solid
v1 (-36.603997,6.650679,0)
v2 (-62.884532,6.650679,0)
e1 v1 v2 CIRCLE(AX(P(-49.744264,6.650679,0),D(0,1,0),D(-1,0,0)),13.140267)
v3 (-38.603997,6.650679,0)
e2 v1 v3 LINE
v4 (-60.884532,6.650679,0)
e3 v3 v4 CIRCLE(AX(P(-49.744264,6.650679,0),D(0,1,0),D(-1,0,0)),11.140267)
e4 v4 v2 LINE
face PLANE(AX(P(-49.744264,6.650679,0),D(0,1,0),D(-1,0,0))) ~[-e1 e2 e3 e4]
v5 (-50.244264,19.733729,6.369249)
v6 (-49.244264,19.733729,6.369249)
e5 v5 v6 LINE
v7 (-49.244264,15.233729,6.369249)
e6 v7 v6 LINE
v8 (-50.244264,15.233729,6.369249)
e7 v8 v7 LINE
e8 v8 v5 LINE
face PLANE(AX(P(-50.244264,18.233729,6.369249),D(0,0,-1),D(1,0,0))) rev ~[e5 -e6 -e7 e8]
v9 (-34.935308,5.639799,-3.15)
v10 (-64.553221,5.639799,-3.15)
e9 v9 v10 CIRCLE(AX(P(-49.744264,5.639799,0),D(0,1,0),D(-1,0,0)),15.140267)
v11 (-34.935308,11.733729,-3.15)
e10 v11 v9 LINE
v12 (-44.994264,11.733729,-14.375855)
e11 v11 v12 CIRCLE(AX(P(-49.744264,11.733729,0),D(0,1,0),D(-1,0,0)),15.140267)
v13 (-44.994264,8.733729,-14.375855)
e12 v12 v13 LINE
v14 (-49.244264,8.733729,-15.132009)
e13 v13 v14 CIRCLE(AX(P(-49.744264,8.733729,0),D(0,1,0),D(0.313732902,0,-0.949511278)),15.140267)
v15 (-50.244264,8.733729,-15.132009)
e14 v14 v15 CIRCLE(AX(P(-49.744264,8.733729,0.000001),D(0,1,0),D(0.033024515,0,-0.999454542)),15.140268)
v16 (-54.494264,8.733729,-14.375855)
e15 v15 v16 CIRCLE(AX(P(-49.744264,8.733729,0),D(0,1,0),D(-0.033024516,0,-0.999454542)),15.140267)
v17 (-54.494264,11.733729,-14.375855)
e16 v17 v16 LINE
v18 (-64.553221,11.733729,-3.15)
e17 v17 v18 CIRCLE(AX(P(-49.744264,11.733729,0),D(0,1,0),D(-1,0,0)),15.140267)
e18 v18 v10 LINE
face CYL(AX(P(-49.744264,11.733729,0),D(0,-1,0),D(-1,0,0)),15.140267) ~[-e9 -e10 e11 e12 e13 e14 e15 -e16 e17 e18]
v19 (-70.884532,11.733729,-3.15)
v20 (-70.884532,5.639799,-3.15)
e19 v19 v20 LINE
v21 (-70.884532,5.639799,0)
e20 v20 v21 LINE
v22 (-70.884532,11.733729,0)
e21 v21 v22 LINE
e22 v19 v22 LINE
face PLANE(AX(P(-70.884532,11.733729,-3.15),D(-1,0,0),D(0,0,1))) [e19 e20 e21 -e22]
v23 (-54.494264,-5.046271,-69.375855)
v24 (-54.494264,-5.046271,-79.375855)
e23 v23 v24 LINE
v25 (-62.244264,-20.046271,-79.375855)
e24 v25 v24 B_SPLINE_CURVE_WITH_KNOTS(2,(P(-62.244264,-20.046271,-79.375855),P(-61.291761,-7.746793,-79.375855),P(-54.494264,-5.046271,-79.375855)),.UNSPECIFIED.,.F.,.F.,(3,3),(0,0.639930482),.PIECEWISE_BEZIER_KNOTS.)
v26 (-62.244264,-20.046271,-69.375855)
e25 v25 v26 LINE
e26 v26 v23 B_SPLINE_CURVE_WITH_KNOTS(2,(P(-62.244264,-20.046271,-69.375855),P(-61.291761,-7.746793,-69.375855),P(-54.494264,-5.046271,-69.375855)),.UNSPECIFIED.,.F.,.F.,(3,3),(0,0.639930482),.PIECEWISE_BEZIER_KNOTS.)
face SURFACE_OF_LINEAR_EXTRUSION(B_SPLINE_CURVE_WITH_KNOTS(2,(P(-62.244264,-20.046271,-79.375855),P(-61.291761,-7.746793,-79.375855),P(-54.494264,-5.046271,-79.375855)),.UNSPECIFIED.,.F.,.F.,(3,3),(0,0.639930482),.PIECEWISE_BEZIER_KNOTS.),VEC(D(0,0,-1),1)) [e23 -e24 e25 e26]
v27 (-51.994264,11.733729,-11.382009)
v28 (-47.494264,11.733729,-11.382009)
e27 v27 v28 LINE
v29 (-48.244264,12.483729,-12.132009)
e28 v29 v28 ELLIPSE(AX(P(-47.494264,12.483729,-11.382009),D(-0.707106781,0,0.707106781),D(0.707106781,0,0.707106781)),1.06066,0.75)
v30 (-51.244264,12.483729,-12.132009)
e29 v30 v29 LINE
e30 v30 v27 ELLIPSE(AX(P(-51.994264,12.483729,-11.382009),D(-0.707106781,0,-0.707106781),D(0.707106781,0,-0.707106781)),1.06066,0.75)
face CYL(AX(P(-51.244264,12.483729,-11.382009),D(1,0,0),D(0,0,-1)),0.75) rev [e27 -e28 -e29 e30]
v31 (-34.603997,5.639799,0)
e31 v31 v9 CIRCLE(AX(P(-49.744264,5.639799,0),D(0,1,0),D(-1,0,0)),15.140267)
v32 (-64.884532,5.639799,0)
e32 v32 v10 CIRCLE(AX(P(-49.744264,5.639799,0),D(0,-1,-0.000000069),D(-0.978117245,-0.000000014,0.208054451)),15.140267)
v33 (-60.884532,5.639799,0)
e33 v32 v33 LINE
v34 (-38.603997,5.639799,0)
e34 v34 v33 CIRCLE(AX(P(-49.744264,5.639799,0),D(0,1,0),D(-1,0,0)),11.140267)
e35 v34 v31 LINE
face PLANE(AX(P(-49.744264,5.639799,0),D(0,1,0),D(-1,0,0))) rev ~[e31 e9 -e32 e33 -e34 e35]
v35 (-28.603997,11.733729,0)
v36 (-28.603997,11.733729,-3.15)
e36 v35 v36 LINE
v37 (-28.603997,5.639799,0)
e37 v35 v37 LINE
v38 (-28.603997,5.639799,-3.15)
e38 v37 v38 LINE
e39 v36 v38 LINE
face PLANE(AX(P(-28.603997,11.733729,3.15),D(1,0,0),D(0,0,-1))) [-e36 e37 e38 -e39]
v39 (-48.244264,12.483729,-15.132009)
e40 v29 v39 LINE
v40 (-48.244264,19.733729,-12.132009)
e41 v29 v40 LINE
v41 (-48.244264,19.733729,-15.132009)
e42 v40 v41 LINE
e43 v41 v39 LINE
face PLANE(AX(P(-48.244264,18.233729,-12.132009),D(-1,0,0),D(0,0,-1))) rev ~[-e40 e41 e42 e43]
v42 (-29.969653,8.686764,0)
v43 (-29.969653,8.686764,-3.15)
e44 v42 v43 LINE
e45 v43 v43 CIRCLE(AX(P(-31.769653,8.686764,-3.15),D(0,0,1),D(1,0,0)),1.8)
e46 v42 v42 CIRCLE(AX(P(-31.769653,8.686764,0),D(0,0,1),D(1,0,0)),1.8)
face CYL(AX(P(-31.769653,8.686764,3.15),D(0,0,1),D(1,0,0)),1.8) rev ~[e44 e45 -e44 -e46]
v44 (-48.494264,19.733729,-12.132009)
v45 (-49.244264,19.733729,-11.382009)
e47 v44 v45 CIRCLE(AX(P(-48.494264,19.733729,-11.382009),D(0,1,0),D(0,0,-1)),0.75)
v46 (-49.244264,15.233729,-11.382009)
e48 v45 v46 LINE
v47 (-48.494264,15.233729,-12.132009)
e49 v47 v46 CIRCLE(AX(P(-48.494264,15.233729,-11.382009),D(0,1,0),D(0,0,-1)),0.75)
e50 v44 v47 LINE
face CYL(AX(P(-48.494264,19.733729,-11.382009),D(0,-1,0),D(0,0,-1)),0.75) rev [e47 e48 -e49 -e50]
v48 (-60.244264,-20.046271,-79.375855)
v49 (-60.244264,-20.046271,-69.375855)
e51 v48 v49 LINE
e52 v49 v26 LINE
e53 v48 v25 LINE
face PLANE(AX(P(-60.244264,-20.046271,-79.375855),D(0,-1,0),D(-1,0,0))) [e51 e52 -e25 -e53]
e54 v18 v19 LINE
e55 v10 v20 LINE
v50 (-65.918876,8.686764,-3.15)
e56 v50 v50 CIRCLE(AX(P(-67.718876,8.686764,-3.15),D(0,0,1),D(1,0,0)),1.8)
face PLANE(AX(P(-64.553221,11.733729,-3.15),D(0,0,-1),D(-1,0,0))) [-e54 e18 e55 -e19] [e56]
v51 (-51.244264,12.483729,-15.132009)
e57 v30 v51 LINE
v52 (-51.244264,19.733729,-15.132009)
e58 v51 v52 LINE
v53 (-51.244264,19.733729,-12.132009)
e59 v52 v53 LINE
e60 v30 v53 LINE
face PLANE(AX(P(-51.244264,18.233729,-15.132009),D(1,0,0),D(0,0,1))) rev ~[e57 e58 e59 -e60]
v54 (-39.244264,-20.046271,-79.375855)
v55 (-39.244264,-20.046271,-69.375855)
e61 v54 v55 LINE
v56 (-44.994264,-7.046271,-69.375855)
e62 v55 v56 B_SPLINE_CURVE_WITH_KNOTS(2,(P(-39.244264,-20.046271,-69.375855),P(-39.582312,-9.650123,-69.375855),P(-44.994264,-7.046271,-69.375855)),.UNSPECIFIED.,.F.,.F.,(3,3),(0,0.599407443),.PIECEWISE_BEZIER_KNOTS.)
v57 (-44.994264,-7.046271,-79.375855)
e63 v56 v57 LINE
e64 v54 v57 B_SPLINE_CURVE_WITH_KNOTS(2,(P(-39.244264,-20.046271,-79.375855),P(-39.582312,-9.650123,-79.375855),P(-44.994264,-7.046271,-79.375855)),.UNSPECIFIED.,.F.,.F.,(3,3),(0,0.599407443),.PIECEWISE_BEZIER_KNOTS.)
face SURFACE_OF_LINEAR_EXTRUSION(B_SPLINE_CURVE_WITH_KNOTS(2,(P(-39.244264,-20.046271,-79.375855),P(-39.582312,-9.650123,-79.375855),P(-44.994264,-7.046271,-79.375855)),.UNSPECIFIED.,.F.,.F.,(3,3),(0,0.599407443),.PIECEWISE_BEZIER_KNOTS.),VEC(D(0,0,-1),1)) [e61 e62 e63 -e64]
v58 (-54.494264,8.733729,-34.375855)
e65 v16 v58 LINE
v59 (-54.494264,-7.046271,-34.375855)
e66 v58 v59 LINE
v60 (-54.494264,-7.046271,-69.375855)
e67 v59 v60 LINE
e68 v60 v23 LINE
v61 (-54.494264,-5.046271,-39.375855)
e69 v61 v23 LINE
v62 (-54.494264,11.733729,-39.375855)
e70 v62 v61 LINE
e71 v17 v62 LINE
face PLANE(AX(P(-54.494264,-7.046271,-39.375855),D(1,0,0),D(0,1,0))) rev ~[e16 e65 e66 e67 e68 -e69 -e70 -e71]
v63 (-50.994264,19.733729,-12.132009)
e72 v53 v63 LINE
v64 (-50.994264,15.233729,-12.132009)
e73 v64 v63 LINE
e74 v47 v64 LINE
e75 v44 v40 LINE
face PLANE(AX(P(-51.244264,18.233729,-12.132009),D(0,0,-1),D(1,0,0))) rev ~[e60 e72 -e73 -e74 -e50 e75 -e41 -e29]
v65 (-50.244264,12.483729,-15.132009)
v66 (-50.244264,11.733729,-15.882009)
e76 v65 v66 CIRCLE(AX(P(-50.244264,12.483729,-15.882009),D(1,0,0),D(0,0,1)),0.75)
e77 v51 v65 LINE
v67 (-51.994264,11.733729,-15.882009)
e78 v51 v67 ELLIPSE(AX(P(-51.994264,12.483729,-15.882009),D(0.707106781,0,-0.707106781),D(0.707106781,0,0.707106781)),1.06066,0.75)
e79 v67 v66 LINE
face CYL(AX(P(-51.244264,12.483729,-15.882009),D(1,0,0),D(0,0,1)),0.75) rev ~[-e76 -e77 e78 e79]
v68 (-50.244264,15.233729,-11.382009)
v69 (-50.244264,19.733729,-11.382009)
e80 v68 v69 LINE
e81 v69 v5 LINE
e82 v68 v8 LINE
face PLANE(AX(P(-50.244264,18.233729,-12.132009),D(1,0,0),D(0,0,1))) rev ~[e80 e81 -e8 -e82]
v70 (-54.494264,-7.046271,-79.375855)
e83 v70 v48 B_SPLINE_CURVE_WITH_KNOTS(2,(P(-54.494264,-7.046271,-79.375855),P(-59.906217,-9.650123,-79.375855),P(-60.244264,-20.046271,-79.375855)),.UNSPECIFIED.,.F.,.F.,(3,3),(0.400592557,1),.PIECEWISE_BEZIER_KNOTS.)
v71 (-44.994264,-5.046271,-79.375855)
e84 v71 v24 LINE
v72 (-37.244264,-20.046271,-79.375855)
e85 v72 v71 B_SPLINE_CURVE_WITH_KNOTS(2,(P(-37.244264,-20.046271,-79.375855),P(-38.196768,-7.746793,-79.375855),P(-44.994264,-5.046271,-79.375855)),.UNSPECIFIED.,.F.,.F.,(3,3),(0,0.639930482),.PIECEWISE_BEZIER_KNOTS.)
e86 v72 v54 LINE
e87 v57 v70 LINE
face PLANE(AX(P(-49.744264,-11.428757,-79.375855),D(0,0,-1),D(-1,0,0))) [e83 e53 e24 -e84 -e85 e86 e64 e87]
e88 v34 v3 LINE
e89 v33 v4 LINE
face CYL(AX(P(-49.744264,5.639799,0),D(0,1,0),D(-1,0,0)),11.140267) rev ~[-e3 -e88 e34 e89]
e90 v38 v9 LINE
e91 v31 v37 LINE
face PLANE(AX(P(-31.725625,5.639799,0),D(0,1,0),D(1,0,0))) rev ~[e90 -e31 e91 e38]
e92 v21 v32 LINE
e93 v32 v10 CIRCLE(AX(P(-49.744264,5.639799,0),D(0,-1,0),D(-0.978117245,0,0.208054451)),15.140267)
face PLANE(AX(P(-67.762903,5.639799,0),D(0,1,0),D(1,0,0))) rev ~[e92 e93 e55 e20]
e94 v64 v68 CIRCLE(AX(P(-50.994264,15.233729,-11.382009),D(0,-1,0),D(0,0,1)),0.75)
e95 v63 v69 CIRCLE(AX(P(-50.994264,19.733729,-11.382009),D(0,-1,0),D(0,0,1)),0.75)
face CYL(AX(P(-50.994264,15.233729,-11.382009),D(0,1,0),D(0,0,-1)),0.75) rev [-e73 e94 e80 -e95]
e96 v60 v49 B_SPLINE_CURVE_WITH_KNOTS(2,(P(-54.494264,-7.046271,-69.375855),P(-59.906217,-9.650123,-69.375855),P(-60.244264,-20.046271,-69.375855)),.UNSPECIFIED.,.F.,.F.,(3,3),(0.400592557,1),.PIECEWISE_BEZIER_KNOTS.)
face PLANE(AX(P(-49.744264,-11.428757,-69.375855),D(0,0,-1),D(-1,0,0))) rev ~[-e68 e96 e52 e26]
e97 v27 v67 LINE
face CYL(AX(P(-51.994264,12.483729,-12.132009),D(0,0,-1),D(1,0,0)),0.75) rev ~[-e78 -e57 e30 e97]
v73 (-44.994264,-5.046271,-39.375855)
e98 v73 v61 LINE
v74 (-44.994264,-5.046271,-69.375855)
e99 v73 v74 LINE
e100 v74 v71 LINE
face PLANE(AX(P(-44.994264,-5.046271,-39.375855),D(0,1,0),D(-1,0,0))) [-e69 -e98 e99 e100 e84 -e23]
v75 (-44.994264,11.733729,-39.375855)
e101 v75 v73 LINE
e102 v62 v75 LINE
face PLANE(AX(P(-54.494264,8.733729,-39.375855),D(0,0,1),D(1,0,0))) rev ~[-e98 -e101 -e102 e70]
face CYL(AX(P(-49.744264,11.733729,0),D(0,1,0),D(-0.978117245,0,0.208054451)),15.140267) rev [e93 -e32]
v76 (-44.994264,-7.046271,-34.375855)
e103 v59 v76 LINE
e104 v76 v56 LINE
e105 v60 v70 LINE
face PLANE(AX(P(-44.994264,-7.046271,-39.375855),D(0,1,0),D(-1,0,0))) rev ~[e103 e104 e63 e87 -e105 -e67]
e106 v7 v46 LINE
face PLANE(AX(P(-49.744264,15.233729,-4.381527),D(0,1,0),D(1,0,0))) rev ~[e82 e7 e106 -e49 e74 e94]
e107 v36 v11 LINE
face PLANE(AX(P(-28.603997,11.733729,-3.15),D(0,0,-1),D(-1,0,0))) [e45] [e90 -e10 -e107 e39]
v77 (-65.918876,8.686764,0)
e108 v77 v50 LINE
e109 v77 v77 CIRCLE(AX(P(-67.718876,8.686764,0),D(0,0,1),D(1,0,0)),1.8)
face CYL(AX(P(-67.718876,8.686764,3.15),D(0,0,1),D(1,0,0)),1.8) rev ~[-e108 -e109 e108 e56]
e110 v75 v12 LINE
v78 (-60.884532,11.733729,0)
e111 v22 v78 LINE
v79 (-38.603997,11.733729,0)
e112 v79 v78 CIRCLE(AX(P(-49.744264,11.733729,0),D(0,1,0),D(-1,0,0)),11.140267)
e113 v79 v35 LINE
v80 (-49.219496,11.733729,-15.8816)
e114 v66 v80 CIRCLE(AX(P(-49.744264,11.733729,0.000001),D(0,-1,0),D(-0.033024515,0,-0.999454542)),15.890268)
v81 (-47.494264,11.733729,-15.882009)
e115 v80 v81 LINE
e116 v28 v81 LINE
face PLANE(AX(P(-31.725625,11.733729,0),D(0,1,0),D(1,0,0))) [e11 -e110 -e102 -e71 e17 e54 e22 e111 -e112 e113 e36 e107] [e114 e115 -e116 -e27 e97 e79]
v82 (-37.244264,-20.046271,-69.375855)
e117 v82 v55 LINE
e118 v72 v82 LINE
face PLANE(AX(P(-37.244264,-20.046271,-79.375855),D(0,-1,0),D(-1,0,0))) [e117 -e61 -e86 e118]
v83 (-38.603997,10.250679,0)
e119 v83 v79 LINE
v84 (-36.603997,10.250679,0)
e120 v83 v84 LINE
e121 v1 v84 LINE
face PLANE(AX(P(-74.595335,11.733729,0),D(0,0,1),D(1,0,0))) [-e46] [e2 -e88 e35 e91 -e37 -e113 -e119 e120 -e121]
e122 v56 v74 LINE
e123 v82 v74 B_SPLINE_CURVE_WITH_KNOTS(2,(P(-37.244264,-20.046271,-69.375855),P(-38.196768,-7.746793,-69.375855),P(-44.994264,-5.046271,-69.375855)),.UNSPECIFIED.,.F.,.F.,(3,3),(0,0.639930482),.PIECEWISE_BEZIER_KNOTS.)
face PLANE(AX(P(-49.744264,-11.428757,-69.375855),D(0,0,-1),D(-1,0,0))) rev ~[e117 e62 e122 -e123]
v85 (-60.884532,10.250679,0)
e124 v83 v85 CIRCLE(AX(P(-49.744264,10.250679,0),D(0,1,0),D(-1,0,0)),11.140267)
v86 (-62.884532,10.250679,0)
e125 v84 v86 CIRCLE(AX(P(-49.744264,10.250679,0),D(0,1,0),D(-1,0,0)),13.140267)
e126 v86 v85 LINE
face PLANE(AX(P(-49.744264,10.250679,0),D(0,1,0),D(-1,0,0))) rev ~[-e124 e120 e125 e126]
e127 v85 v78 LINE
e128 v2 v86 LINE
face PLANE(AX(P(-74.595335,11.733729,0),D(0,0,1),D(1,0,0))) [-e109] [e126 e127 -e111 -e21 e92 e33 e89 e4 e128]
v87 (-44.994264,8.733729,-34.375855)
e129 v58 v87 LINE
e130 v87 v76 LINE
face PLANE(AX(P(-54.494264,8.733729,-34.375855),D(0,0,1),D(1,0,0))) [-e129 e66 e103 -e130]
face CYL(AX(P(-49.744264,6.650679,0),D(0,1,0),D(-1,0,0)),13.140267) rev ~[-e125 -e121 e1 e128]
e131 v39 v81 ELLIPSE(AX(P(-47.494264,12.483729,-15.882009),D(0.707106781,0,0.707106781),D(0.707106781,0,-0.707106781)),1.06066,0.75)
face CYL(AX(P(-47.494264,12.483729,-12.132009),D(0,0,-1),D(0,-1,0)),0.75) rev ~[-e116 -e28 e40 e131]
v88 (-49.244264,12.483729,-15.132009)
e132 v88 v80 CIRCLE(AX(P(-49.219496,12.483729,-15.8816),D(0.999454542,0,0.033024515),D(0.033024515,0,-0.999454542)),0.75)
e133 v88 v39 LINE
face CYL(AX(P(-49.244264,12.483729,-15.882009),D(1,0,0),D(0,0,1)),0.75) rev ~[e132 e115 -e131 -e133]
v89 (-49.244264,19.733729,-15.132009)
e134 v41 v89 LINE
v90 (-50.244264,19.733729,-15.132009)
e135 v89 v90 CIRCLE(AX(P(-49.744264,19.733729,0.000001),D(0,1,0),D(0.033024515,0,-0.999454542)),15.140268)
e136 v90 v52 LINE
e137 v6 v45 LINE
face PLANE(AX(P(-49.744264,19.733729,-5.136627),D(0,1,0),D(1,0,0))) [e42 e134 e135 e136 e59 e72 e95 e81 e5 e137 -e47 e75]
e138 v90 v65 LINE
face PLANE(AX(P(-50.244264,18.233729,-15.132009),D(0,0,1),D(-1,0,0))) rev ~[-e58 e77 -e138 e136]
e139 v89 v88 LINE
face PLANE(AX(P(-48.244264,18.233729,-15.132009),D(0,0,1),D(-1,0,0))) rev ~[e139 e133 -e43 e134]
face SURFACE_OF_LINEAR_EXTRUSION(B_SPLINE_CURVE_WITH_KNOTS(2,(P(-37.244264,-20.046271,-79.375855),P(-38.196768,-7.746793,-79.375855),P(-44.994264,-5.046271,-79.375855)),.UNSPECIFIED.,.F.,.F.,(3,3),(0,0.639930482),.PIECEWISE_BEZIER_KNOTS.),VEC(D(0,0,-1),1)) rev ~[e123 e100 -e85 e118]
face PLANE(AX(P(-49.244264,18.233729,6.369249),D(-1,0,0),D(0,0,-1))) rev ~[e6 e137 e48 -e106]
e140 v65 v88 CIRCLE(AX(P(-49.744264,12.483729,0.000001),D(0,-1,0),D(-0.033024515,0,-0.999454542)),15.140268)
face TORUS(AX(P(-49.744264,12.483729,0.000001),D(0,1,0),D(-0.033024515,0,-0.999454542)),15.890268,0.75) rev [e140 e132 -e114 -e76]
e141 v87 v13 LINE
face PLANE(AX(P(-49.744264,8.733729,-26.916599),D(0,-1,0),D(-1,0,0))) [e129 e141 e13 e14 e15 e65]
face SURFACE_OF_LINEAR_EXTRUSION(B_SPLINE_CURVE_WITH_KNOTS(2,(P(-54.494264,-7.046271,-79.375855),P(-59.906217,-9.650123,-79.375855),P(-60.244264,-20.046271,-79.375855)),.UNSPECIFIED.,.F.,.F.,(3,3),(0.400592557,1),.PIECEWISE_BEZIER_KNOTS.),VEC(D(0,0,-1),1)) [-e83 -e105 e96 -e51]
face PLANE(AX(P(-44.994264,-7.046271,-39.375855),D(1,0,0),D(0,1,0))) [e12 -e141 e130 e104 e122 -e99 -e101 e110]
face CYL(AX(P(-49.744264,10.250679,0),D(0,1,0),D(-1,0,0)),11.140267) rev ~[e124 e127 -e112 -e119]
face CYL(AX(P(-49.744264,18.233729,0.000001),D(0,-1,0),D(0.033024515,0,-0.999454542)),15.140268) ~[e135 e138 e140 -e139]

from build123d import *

# Parameters (mm, degrees)
BOSS_EXTRUDE1_DEPTH = 6.5
BOSS_EXTRUDE2_DEPTH = 3
BOSS_EXTRUDE3_DEPTH = 3
SKETCH10_W          = 9.5
SKETCH10_H          = 5
BOSS_EXTRUDE4_DEPTH = 15.78
SKETCH11_W          = 9.5
SKETCH11_H          = 2
BOSS_EXTRUDE5_DEPTH = 40
BOSS_EXTRUDE6_DEPTH = 6.09393
SKETCH14_R          = 1.8
CUT_EXTRUDE1_DEPTH  = 6.3
SKETCH15_W          = 51.153217575
SKETCH15_H          = 21.210560201
CUT_EXTRUDE3_DEPTH  = 19.78
SKETCH18_W          = 3
SKETCH18_H          = 3
BOSS_EXTRUDE7_DEPTH = 6.5
FILLET1_R           = 0.75
BOSS_EXTRUDE8_DEPTH = 1.5
FILLET2_R           = 0.75
BOSS_EXTRUDE9_DEPTH = 10


with BuildPart() as part:
    # Sketch3 → Revolve1 (revolve)
    with BuildSketch(Plane.XY):
        Polygon((-62.694264441, 11.733728816), (-64.884531744, 11.733728816), (-64.884531744, 5.639799249), (-60.884531744, 5.639799249), (-60.884531744, 6.650679103), (-62.884531744, 6.650679103), (-62.884531744, 10.250679103), (-60.884531744, 10.250679103), (-60.884531744, 11.733728816), align=None)
    revolve(axis=Axis((-49.744264441, 0, 0), (0, 1, 0)))

    # Sketch7 → Boss-Extrude1 (add)
    with BuildSketch(Plane(origin=(0, 11.733728816, 0), x_dir=(1, 0, 0), z_dir=(0, 1, 0))):
        with BuildLine():
            Line((-50.244264441, 15.132008921), (-50.244264441, 13.130751112))
            ThreePointArc((-50.244264441, 13.130751112), (-49.744264441, 13.140267302), (-49.244264441, 13.130751112))
            Line((-49.244264441, 13.130751112), (-49.244264441, 15.132008921))
            ThreePointArc((-49.244264441, 15.132008921), (-49.744264441, 15.140267302), (-50.244264441, 15.132008921))
        make_face()
    extrude(amount=BOSS_EXTRUDE1_DEPTH)

    # Sketch8 → Boss-Extrude2 (add)
    with BuildSketch(Plane(origin=(0, 18.233728816, 0), x_dir=(1, 0, 0), z_dir=(0, 1, 0))):
        with BuildLine():
            Line((-50.244264441, 15.132008921), (-50.244264441, 13.130751112))
            Line((-50.244264441, 13.130751112), (-50.244264441, -6.369248888))
            Line((-50.244264441, -6.369248888), (-49.244264441, -6.369248888))
            Line((-49.244264441, -6.369248888), (-49.244264441, 13.130751112))
            Line((-49.244264441, 13.130751112), (-49.244264441, 15.132008921))
            ThreePointArc((-49.244264441, 15.132008921), (-49.744264441, 15.140267302), (-50.244264441, 15.132008921))
        make_face()
    extrude(amount=-BOSS_EXTRUDE2_DEPTH)

    # Sketch9 → Boss-Extrude3 (add)
    with BuildSketch(Plane(origin=(0, 11.733728816, 0), x_dir=(1, 0, 0), z_dir=(0, 1, 0))):
        with BuildLine():
            Line((-54.494264441, 14.375854548), (-54.494264441, 39.375854548))
            Line((-54.494264441, 39.375854548), (-44.994264441, 39.375854548))
            Line((-44.994264441, 39.375854548), (-44.994264441, 14.375854548))
            ThreePointArc((-44.994264441, 14.375854548), (-47.092177082, 14.906177465), (-49.244264441, 15.132008921))
            ThreePointArc((-49.244264441, 15.132008921), (-49.744264441, 15.140267302), (-50.244264441, 15.132008921))
            ThreePointArc((-50.244264441, 15.132008921), (-52.3963518, 14.906177465), (-54.494264441, 14.375854548))
        make_face()
    extrude(amount=-BOSS_EXTRUDE3_DEPTH)

    # Sketch10 → Boss-Extrude4 (add)
    with BuildSketch(Plane.XZ.offset(-8.733728816)):
        with Locations((-49.744264441, -36.875854548)):
            Rectangle(SKETCH10_W, SKETCH10_H)
    extrude(amount=BOSS_EXTRUDE4_DEPTH)

    # Sketch11 → Boss-Extrude5 (add)
    with BuildSketch(Plane(origin=(0, 0, -39.375854548), x_dir=(-1, 0, 0), z_dir=(0, 0, -1))):
        with Locations((49.744264441, -6.046271184)):
            Rectangle(SKETCH11_W, SKETCH11_H)
    extrude(amount=BOSS_EXTRUDE5_DEPTH)

    # Sketch13 → Boss-Extrude6 (add)
    with BuildSketch(Plane(origin=(0, 11.733728816, 0), x_dir=(1, 0, 0), z_dir=(0, 1, 0))):
        with BuildLine():
            Line((-28.603997139, 3.15), (-34.935307895, 3.15))
            ThreePointArc((-34.935307895, 3.15), (-34.603997139, 0), (-34.935307895, -3.15))
            Line((-34.935307895, -3.15), (-28.603997139, -3.15))
            Line((-28.603997139, -3.15), (-28.603997139, 3.15))
        make_face()
        with BuildLine():
            Line((-70.884531744, 3.15), (-70.884531744, -3.15))
            Line((-70.884531744, -3.15), (-64.553220987, -3.15))
            ThreePointArc((-64.553220987, -3.15), (-64.884531744, 0), (-64.553220987, 3.15))
            Line((-64.553220987, 3.15), (-70.884531744, 3.15))
        make_face()
    extrude(amount=-BOSS_EXTRUDE6_DEPTH)

    # Sketch14 → Cut-Extrude1 (cut)
    with BuildSketch(Plane.XY.offset(3.15)):
        with Locations((-31.769652517, 8.686764033)):
            Circle(SKETCH14_R)
        with Locations((-67.718876365, 8.686764033)):
            Circle(SKETCH14_R)
    extrude(amount=-CUT_EXTRUDE1_DEPTH, mode=Mode.SUBTRACT)

    # Sketch15 → Cut-Extrude3 (cut, through all)
    with BuildSketch(Plane(origin=(0, 11.733728816, 0), x_dir=(1, 0, 0), z_dir=(0, 1, 0))):
        with Locations((-49.018725857, -10.6052801)):
            Rectangle(SKETCH15_W, SKETCH15_H)
    extrude(amount=-CUT_EXTRUDE3_DEPTH, mode=Mode.SUBTRACT)

    # Sketch18 → Boss-Extrude7 (add)
    with BuildSketch(Plane(origin=(0, 11.733728816, 0), x_dir=(1, 0, 0), z_dir=(0, 1, 0))):
        with Locations((-49.744264441, 13.632008921)):
            Rectangle(SKETCH18_W, SKETCH18_H)
    extrude(amount=BOSS_EXTRUDE7_DEPTH)

    # Fillet1
    fillet1_edges = [part.edges().sort_by_distance(p)[0] for p in [
        (-50.744264441, 11.733728816, -15.132008921),
        (-48.744264441, 11.733728816, -15.132008921),
        (-49.744264441, 11.733728816, -12.132008921),
        (-48.244264441, 11.733728816, -13.632008921),
        (-51.244264441, 11.733728816, -13.632008921),
        (-49.744264441, 11.733728816, -15.140267302),
    ]]
    fillet(fillet1_edges, radius=FILLET1_R)

    # Sketch19 → Boss-Extrude8 (add)
    with BuildSketch(Plane(origin=(0, 18.233728816, 0), x_dir=(1, 0, 0), z_dir=(0, 1, 0))):
        with BuildLine():
            Line((-50.244264441, 15.132008921), (-51.244264441, 15.132008921))
            Line((-51.244264441, 15.132008921), (-51.244264441, 12.132008921))
            Line((-51.244264441, 12.132008921), (-50.244264441, 12.132008921))
            Line((-50.244264441, 12.132008921), (-50.244264441, -6.369248888))
            Line((-50.244264441, -6.369248888), (-49.244264441, -6.369248888))
            Line((-49.244264441, -6.369248888), (-49.244264441, 12.132008921))
            Line((-49.244264441, 12.132008921), (-48.244264441, 12.132008921))
            Line((-48.244264441, 12.132008921), (-48.244264441, 15.132008921))
            Line((-48.244264441, 15.132008921), (-49.244264441, 15.132008921))
            ThreePointArc((-49.244264441, 15.132008921), (-49.744264441, 15.140267302), (-50.244264441, 15.132008921))
        make_face()
    extrude(amount=BOSS_EXTRUDE8_DEPTH)

    # Fillet2
    fillet2_edges = [part.edges().sort_by_distance(p)[0] for p in [
        (-50.244264441, 17.483728816, -12.132008921),
        (-49.244264441, 17.483728816, -12.132008921),
    ]]
    fillet(fillet2_edges, radius=FILLET2_R)

    # Sketch20 → Boss-Extrude9 (add)
    with BuildSketch(Plane(origin=(0, 0, -79.375854548), x_dir=(-1, 0, 0), z_dir=(0, 0, -1))):
        with BuildLine():
            Line((37.244264441, -20.046271184), (39.244264441, -20.046271184))
            add(Edge.make_bspline(
                [(39.244264441, -20.046271184), (39.582311707, -9.650122804), (44.994264441, -7.046271184)],
                knots=[0, 0, 0, 0.599407443, 0.599407443, 0.599407443], degree=2))
            Line((44.994264441, -7.046271184), (54.494264441, -7.046271184))
            add(Edge.make_bspline(
                [(54.494264441, -7.046271184), (59.906217176, -9.650122804), (60.244264441, -20.046271184)],
                knots=[0.400592557, 0.400592557, 0.400592557, 1, 1, 1], degree=2))
            Line((60.244264441, -20.046271184), (62.244264441, -20.046271184))
            add(Edge.make_bspline(
                [(62.244264441, -20.046271184), (61.29176104, -7.746792571), (54.494264441, -5.046271184)],
                knots=[0, 0, 0, 0.639930482, 0.639930482, 0.639930482], degree=2))
            Line((54.494264441, -5.046271184), (44.994264441, -5.046271184))
            add(Edge.make_bspline(
                [(37.244264441, -20.046271184), (38.196767843, -7.746792571), (44.994264441, -5.046271184)],
                knots=[0, 0, 0, 0.639930482, 0.639930482, 0.639930482], degree=2))
        make_face()
    extrude(amount=-BOSS_EXTRUDE9_DEPTH)


solid = part.part
